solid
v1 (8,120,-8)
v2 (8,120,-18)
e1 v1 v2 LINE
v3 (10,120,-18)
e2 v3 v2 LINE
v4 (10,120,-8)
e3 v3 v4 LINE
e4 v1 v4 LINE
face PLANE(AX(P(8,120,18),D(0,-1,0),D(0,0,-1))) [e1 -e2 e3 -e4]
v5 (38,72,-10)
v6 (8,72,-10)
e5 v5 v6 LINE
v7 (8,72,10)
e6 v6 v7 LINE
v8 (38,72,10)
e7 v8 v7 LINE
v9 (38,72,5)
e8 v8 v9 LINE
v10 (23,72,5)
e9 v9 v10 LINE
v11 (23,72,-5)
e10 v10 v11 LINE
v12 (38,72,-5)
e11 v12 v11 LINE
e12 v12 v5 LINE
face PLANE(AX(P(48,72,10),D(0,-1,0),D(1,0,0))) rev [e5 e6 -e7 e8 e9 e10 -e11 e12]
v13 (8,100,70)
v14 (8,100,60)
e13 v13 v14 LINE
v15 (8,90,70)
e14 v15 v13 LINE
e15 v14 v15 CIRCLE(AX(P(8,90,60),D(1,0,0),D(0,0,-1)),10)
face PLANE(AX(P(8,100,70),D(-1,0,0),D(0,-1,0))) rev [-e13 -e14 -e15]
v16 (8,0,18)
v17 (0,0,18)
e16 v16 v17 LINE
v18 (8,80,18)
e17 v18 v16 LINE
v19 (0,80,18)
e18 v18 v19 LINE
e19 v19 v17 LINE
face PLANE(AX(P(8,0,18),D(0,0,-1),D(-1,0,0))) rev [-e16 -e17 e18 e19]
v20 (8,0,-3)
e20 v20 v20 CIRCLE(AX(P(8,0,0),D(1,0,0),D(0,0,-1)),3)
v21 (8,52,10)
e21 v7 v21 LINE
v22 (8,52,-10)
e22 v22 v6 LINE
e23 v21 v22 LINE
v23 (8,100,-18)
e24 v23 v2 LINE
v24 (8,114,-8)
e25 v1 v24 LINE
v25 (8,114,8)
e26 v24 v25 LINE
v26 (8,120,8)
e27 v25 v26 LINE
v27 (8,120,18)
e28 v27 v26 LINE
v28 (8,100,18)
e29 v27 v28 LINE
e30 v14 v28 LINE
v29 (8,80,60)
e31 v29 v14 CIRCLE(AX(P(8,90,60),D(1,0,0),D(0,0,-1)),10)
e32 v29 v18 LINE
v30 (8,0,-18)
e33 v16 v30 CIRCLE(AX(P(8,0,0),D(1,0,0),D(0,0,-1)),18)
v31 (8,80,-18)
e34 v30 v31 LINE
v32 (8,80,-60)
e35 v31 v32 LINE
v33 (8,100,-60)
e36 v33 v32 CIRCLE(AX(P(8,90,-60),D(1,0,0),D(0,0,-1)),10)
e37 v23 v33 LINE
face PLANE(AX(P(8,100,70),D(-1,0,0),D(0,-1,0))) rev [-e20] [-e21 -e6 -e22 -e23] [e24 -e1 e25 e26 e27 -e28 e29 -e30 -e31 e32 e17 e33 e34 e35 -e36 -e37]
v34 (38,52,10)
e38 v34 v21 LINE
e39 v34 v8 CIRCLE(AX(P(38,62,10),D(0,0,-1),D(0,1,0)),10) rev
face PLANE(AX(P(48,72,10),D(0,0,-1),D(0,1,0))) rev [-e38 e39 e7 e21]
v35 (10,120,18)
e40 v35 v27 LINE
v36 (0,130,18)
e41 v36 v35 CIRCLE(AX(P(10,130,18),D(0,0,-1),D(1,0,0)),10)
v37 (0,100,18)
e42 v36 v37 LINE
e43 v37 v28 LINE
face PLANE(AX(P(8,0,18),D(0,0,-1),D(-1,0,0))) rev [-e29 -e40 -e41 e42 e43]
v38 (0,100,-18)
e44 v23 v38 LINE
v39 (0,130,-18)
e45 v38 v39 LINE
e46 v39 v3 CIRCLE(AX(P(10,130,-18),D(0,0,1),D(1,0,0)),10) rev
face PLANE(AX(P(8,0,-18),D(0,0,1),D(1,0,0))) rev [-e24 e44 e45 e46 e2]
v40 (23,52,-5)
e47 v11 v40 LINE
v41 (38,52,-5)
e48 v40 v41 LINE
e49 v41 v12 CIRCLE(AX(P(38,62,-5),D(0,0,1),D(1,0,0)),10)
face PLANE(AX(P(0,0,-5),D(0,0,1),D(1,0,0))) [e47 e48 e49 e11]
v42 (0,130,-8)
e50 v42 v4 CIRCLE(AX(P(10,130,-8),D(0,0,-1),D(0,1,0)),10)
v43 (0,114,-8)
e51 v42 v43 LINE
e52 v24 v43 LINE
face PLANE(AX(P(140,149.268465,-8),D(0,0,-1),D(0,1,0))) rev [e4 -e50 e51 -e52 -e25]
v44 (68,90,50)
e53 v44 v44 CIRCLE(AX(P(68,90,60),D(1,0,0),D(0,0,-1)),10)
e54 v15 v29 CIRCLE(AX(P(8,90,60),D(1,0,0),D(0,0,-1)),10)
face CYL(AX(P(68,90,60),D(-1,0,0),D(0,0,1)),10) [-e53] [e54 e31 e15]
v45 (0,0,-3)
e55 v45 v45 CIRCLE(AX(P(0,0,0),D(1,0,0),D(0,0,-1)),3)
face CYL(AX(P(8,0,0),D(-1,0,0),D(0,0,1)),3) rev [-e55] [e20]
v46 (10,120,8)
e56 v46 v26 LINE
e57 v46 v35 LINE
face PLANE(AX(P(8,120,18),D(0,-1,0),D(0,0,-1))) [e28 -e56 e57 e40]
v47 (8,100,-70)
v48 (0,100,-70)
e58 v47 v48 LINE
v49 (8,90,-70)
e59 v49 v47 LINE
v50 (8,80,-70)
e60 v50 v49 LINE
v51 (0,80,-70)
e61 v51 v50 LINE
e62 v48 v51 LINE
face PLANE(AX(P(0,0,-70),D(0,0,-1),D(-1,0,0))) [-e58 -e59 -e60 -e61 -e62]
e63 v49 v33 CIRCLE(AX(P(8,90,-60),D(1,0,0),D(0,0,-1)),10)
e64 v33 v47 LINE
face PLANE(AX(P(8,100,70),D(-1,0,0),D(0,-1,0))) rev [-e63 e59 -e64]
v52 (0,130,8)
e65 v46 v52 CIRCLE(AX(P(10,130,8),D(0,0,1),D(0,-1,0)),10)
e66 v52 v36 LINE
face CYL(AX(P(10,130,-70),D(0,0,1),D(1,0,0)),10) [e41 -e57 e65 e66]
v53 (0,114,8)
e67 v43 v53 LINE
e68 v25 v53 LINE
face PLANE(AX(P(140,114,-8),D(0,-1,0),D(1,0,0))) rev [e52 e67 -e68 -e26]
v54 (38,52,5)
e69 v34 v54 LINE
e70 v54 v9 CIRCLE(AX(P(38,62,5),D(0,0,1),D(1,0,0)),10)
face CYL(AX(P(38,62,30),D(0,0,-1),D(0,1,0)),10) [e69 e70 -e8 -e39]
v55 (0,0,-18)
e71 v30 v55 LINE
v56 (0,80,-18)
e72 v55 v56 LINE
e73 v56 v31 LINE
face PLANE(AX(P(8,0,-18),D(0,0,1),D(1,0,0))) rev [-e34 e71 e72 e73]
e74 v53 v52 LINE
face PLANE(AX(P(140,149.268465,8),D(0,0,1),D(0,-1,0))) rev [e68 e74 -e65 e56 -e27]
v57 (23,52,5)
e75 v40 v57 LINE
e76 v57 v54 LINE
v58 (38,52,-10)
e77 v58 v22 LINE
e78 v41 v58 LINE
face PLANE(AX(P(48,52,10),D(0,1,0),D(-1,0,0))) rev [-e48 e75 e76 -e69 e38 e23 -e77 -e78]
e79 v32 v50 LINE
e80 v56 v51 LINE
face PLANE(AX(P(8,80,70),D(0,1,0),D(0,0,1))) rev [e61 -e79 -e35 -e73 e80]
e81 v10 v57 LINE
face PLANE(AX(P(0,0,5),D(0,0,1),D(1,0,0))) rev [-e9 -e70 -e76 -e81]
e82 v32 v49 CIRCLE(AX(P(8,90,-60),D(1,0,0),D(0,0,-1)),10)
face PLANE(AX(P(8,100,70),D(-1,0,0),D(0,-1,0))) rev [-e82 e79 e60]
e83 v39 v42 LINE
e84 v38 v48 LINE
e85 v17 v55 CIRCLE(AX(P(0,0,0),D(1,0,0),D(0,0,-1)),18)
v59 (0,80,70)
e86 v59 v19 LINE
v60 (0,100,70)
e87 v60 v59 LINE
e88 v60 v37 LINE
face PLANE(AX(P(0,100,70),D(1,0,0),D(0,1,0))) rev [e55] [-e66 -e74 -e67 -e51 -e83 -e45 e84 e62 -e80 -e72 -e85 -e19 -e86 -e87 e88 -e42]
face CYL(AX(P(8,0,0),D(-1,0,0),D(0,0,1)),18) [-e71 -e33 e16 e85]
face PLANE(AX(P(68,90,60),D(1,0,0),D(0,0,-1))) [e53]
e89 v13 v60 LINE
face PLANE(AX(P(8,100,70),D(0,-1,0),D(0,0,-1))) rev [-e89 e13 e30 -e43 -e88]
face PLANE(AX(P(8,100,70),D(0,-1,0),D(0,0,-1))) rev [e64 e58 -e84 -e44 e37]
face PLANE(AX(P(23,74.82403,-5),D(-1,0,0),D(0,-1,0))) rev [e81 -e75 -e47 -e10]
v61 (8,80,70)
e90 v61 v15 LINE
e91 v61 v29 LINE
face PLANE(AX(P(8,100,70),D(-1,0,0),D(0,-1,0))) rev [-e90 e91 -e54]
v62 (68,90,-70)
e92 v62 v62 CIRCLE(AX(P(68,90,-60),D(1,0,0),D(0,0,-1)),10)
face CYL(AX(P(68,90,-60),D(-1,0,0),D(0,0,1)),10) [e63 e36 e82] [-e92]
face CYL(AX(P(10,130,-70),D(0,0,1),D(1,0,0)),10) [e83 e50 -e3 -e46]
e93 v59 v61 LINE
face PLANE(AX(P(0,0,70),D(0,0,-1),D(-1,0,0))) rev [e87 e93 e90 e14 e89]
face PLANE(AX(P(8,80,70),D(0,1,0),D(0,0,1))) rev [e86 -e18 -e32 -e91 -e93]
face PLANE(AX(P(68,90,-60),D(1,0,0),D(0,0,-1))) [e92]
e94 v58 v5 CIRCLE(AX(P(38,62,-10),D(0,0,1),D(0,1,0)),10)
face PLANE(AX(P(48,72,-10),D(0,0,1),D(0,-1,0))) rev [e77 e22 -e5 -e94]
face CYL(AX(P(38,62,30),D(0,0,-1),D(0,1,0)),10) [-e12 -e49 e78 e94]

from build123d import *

# Parameters (mm, degrees)
SKETCH_1_R          = 3
EXTRUDE_1_DEPTH     = 8
SKETCH_3_W          = 12
SKETCH_3_H          = 20
EXTRUDE_2_DEPTH     = 36
SKETCH_8_R          = 10
EXTRUDE_4_DEPTH     = 60
EXTRUDE_4_2_DEPTH   = 60
CUT_EXTRUDE_1_DEPTH = 89
SKETCH_12_W         = 8
SKETCH_12_H         = 20
EXTRUDE_5_DEPTH     = 70
SKETCH_13_W         = 16
SKETCH_13_H         = 35.268464788
CUT_EXTRUDE_2_DEPTH = 140
SKETCH_14_W         = 20
SKETCH_14_H         = 20
EXTRUDE_6_DEPTH     = 40
CUT_EXTRUDE_3_DEPTH = 40
SKETCH_16_W         = 28.583727007
SKETCH_16_H         = 28.583727007
CUT_EXTRUDE_4_DEPTH = 5


with BuildPart() as part:
    # 草图1 → 凸台-拉伸1 (new body)
    with BuildSketch(Plane(origin=(0, 0, 0), x_dir=(0, 0, -1), z_dir=(1, 0, 0))):
        with BuildLine():
            Line((-18, 0), (-18, 140))
            Line((-18, 140), (18, 140))
            Line((18, 140), (18, 0))
            ThreePointArc((18, 0), (0, -18), (-18, 0))
        make_face()
        Circle(SKETCH_1_R, mode=Mode.SUBTRACT)
    extrude(amount=EXTRUDE_1_DEPTH)

    # 草图3 → 凸台-拉伸2 (add)
    with BuildSketch(Plane(origin=(0, 0, -18), x_dir=(-1, 0, 0), z_dir=(0, 0, -1))):
        with Locations((-14, 130)):
            Rectangle(SKETCH_3_W, SKETCH_3_H)
    extrude(amount=-EXTRUDE_2_DEPTH)

    # 草图10 → 切除-拉伸1 (cut, through all)
    with BuildSketch(Plane.XY.offset(18)):
        with BuildLine():
            Line((0, 130), (-3.859245882, 130))
            Line((-3.859245882, 130), (-3.859245882, 144.839572577))
            Line((-3.859245882, 144.839572577), (22.991832782, 144.839572577))
            Line((22.991832782, 144.839572577), (22.991832782, 116.883342809))
            Line((22.991832782, 116.883342809), (10, 116.883342809))
            Line((10, 116.883342809), (10, 120))
            ThreePointArc((10, 120), (17.071067812, 137.071067812), (0, 130))
        make_face()
    extrude(amount=-CUT_EXTRUDE_1_DEPTH, mode=Mode.SUBTRACT)



with BuildPart() as body_2:
    # 草图8 → 凸台-拉伸4 (new body)
    with BuildSketch(Plane(origin=(8, 0, 0), x_dir=(0, 0, -1), z_dir=(1, 0, 0))):
        with Locations((-60, 90)):
            Circle(SKETCH_8_R)
    extrude(amount=EXTRUDE_4_DEPTH)


with BuildPart() as body_3:
    # 草图8 → Extrude 4 2 (new body)
    with BuildSketch(Plane(origin=(8, 0, 0), x_dir=(0, 0, -1), z_dir=(1, 0, 0))):
        with Locations((60, 90)):
            Circle(SKETCH_8_R)
    extrude(amount=EXTRUDE_4_2_DEPTH)


with BuildPart() as part_1:
    add(part.part)

    add(body_2.part)  # 凸台-拉伸5 merges body 2

    add(body_3.part)  # 凸台-拉伸5 merges body 3
    # 草图12 → 凸台-拉伸5 (add, symmetric)
    with BuildSketch(Plane.XY):
        with Locations((4, 90)):
            Rectangle(SKETCH_12_W, SKETCH_12_H)
    extrude(amount=EXTRUDE_5_DEPTH, both=True)

    # 草图13 → 切除-拉伸2 (cut)
    with BuildSketch(Plane.ZY):
        with Locations((0, 131.634232394)):
            Rectangle(SKETCH_13_W, SKETCH_13_H)
    extrude(amount=-CUT_EXTRUDE_2_DEPTH, mode=Mode.SUBTRACT)

    # 草图14 → 凸台-拉伸6 (add)
    with BuildSketch(Plane(origin=(8, 0, 0), x_dir=(0, 0, -1), z_dir=(1, 0, 0))):
        with Locations((0, 62)):
            Rectangle(SKETCH_14_W, SKETCH_14_H)
    extrude(amount=EXTRUDE_6_DEPTH)

    # 草图15 → 切除-拉伸3 (cut)
    with BuildSketch(Plane(origin=(0, 0, -10), x_dir=(-1, 0, 0), z_dir=(0, 0, -1))):
        with BuildLine():
            Line((-38, 72), (-54.351268728, 72))
            Line((-54.351268728, 72), (-54.351268728, 52))
            Line((-54.351268728, 52), (-38, 52))
            ThreePointArc((-38, 52), (-48, 62), (-38, 72))
        make_face()
    extrude(amount=-CUT_EXTRUDE_3_DEPTH, mode=Mode.SUBTRACT)

    # 草图16 → 切除-拉伸4 (cut, symmetric)
    with BuildSketch(Plane.XY):
        with Locations((37.291863503, 60.532166911)):
            Rectangle(SKETCH_16_W, SKETCH_16_H)
    extrude(amount=CUT_EXTRUDE_4_DEPTH, both=True, mode=Mode.SUBTRACT)


solid = part_1.part
